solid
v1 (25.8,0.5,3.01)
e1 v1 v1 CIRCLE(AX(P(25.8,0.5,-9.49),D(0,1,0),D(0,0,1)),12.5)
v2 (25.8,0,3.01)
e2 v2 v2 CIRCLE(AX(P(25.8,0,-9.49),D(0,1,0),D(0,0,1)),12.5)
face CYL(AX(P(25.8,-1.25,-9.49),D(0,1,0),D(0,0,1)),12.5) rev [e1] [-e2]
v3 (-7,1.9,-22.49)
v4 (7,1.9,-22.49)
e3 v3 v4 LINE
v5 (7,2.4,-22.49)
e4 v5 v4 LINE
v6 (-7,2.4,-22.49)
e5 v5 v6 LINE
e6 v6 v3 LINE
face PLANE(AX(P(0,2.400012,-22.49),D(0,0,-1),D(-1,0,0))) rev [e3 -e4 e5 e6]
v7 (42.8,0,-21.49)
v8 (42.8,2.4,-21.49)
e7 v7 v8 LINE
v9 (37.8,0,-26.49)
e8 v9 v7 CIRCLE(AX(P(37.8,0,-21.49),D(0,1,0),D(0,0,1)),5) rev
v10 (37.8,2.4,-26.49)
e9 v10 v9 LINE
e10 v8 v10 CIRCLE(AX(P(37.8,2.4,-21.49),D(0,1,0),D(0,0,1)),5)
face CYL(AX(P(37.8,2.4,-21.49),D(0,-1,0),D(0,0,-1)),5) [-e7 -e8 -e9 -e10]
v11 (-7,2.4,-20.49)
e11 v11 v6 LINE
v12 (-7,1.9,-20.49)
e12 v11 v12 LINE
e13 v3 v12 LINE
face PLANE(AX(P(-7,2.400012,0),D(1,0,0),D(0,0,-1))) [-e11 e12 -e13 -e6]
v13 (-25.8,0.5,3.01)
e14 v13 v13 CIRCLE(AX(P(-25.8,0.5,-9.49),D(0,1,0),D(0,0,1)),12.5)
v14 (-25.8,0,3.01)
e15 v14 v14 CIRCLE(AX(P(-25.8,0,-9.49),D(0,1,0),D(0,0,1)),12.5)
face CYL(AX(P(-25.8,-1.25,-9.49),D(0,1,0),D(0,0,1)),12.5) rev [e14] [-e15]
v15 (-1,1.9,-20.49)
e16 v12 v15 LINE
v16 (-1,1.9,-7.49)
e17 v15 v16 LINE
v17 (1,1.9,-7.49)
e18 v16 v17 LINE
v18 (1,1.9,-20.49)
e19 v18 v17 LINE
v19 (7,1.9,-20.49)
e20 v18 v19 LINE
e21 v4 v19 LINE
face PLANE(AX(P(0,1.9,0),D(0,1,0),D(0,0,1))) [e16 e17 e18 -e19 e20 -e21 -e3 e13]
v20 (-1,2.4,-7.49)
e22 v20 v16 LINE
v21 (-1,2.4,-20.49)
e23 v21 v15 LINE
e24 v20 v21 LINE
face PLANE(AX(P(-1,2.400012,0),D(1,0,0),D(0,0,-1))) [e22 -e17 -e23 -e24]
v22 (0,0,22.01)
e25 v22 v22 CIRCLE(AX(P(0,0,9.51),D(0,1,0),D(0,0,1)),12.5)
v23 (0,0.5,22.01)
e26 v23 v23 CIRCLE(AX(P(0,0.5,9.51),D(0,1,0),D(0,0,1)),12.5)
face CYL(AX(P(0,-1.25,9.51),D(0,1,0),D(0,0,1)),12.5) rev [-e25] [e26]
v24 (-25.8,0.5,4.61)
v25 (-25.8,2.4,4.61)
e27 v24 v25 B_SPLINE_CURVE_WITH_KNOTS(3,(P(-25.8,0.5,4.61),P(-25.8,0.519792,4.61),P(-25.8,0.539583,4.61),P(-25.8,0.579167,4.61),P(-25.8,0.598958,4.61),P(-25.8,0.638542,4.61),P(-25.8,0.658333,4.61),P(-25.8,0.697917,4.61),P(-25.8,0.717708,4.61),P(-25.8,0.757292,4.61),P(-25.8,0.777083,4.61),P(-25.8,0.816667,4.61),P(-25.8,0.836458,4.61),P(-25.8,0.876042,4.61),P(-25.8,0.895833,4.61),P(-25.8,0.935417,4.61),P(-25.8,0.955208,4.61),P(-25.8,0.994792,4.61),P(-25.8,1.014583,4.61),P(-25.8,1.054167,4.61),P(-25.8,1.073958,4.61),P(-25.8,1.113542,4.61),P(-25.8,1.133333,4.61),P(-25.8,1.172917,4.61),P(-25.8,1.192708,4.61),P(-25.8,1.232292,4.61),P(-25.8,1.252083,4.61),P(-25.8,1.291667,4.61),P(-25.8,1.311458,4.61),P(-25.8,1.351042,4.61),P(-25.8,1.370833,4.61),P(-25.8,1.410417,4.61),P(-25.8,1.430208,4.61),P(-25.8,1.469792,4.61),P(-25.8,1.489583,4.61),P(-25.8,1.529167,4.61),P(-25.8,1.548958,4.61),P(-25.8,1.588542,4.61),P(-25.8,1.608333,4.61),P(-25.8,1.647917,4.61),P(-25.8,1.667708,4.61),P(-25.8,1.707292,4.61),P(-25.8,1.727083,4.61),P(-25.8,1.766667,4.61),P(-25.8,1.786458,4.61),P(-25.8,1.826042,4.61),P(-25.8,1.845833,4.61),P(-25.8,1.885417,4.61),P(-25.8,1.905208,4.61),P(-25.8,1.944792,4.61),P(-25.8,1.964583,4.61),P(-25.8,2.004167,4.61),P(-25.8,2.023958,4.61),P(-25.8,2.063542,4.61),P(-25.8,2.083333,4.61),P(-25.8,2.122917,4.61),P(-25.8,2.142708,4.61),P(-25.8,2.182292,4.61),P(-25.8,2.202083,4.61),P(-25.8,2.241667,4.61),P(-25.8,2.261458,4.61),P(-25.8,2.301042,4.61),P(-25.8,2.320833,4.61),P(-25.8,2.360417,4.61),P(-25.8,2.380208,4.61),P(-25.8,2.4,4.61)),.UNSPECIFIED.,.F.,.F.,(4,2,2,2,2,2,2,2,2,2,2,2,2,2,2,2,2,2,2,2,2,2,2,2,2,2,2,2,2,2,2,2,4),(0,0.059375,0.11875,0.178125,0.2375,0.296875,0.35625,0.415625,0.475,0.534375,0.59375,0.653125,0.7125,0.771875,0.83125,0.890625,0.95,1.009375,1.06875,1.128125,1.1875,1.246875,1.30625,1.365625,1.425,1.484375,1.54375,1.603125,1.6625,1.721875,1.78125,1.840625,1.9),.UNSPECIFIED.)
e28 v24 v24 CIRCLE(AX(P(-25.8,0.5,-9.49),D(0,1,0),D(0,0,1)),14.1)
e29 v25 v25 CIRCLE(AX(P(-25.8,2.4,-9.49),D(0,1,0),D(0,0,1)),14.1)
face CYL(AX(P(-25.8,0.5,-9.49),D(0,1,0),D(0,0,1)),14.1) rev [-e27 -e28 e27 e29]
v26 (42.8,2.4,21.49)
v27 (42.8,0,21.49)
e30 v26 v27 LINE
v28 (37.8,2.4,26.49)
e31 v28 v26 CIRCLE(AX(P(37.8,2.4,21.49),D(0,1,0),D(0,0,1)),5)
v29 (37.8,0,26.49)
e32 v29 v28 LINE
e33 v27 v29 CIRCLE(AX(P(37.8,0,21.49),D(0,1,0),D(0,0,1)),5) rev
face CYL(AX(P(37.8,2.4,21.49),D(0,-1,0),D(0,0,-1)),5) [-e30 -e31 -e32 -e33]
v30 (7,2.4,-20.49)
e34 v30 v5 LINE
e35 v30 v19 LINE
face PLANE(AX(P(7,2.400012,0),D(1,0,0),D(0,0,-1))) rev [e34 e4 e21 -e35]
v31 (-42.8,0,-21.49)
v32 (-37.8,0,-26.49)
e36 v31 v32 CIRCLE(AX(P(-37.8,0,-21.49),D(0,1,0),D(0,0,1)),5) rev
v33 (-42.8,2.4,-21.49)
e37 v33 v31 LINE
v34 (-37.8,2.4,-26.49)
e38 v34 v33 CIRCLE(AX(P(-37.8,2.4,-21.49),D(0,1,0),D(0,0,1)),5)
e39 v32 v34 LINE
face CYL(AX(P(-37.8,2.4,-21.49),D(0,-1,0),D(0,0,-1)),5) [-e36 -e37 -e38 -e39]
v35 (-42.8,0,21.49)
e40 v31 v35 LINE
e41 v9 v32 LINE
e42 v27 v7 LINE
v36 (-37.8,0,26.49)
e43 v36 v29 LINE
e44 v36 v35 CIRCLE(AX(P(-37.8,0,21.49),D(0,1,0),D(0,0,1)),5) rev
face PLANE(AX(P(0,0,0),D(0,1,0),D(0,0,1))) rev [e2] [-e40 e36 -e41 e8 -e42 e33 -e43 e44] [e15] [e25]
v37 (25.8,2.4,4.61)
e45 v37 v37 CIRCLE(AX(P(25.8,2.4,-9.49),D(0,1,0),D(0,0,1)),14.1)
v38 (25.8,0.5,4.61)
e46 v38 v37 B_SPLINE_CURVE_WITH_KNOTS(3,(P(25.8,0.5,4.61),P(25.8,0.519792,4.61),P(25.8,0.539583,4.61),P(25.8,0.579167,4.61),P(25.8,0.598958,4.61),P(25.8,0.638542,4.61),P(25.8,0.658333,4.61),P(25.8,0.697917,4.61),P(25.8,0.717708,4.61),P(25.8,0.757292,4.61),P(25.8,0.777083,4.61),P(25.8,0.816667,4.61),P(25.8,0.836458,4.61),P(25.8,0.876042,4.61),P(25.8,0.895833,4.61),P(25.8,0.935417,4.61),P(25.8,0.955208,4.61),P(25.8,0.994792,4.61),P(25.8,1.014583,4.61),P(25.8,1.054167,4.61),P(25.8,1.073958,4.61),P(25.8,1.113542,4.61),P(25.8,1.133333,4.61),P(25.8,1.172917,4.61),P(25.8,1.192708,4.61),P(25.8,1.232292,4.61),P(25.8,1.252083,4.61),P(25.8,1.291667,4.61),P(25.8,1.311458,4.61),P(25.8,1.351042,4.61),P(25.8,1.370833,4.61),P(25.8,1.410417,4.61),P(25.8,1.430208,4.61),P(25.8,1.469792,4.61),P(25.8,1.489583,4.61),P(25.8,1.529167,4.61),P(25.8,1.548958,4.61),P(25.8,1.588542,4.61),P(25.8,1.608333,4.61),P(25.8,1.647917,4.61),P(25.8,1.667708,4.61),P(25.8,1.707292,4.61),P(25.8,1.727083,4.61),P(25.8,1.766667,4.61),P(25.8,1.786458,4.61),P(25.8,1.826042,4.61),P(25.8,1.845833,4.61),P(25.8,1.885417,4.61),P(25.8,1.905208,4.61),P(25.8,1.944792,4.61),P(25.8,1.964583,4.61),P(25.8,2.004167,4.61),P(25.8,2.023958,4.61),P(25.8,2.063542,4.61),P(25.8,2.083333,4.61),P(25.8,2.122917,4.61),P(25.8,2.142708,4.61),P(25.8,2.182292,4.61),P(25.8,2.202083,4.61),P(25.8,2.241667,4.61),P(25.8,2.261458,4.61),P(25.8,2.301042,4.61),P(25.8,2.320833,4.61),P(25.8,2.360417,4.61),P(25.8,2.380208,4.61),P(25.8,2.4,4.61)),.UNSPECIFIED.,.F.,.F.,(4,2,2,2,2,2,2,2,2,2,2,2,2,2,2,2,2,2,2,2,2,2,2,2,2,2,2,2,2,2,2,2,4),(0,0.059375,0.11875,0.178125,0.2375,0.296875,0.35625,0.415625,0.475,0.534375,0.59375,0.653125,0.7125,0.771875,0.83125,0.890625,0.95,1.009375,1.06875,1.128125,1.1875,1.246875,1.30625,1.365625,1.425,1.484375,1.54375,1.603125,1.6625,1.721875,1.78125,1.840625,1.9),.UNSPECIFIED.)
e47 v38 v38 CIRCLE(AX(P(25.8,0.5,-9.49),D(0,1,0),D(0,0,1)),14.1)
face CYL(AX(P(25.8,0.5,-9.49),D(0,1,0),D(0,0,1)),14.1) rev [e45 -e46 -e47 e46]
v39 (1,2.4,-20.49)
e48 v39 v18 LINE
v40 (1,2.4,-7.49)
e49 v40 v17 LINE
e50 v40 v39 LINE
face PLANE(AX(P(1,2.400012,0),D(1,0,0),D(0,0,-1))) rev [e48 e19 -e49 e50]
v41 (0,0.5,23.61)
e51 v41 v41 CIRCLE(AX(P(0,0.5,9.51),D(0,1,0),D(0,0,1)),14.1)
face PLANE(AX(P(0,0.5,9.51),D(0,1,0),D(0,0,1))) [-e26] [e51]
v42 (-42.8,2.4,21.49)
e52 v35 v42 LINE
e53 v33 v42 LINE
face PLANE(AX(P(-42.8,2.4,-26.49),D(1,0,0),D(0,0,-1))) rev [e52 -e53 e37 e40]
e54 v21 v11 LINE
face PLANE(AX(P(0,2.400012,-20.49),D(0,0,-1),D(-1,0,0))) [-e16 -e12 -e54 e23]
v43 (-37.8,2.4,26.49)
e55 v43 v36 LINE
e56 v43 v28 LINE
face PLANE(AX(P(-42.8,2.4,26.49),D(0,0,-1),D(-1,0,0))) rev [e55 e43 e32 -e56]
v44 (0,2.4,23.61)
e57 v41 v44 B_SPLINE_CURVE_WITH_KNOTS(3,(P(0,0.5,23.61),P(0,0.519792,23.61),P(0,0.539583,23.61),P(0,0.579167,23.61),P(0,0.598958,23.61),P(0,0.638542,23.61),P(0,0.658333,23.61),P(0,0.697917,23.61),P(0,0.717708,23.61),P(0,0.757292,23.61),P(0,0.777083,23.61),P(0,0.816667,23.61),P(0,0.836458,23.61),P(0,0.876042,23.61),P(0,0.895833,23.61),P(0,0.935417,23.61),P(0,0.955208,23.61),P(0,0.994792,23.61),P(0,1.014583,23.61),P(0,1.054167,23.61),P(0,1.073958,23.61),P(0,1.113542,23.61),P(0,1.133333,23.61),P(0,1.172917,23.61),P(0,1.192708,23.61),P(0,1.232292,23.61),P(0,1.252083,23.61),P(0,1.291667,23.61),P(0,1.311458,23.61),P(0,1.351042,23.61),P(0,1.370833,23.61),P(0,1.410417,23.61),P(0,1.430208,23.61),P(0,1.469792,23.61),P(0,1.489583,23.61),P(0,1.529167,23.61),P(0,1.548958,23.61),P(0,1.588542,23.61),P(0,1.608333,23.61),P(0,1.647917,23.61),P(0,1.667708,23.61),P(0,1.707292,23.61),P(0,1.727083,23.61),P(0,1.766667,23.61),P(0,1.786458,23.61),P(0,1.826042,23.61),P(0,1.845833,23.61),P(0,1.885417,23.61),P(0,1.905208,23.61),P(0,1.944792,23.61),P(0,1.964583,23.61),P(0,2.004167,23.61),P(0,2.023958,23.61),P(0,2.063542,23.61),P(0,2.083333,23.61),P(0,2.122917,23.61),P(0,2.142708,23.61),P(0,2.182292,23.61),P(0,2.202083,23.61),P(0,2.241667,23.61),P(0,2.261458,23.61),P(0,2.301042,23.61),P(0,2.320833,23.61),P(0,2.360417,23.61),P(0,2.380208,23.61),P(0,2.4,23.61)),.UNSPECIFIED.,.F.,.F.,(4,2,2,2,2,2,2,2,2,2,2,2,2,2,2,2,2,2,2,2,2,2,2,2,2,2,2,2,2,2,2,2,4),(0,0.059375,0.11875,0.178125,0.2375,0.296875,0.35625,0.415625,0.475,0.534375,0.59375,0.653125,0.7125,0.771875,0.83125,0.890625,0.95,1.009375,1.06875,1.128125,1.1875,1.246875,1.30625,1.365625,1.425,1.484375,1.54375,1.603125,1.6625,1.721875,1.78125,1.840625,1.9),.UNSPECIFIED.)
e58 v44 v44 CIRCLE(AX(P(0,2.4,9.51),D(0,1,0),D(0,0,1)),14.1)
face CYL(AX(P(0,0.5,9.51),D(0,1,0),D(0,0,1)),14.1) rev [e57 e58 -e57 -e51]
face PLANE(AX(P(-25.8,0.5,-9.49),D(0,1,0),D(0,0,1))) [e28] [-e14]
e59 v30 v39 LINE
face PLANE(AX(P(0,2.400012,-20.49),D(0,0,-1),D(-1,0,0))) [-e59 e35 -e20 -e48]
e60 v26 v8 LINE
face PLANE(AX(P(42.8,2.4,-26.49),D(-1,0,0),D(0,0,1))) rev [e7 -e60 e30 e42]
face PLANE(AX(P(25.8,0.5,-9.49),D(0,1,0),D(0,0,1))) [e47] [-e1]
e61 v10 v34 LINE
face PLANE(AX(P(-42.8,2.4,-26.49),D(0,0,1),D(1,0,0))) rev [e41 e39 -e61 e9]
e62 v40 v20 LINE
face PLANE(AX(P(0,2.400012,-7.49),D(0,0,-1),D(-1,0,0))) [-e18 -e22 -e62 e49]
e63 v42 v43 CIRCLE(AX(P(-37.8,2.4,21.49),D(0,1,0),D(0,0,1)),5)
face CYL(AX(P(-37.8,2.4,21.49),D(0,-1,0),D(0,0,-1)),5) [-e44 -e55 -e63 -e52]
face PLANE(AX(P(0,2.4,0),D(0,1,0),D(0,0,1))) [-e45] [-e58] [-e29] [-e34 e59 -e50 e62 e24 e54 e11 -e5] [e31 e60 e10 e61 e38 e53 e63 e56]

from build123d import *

# Parameters (mm, degrees)
SKETCH1_W               = 85.6
SKETCH1_H               = 52.98
BOSS_EXTRUDE1_DEPTH     = 2.4
SKETCH2_R               = 14.1
CUT_EXTRUDE1_DEPTH      = 1.9
SKETCH3_R               = 12.5
CUT_EXTRUDE2_DEPTH      = 1.75
FILLET1_R               = 5
CUT_EXTRUDE3_DEPTH      = 51.39166697
CUT_EXTRUDE3_DEPTH_BACK = 0.5


with BuildPart() as part:
    # Sketch1 → Boss-Extrude1 (new body)
    with BuildSketch(Plane(origin=(0, 0, 0), x_dir=(1, 0, 0), z_dir=(0, 1, 0))):
        Rectangle(SKETCH1_W, SKETCH1_H)
    extrude(amount=BOSS_EXTRUDE1_DEPTH)

    # Sketch2 → Cut-Extrude1 (cut)
    with BuildSketch(Plane(origin=(0, 2.4, 0), x_dir=(1, 0, 0), z_dir=(0, 1, 0))):
        with Locations(Location((-25.8, 9.49, 0), (0, 0, 270))):
            Circle(SKETCH2_R)
        with Locations(Location((0, -9.51, 0), (0, 0, 270))):
            Circle(SKETCH2_R)
        with Locations(Location((25.8, 9.49, 0), (0, 0, 270))):
            Circle(SKETCH2_R)
    extrude(amount=-CUT_EXTRUDE1_DEPTH, mode=Mode.SUBTRACT)

    # Sketch3 → Cut-Extrude2 (cut)
    with BuildSketch(Plane(origin=(0, 0.5, 0), x_dir=(1, 0, 0), z_dir=(0, 1, 0))):
        with Locations(Location((-25.8, 9.49, 0), (0, 0, 270))):
            Circle(SKETCH3_R)
        with Locations(Location((0, -9.51, 0), (0, 0, 270))):
            Circle(SKETCH3_R)
        with Locations(Location((25.8, 9.49, 0), (0, 0, 270))):
            Circle(SKETCH3_R)
    extrude(amount=-CUT_EXTRUDE2_DEPTH, mode=Mode.SUBTRACT)

    # Fillet1
    fillet1_edges = [part.edges().sort_by_distance(p)[0] for p in [
        (42.8, 1.2, 26.49),
        (-42.8, 1.2, 26.49),
        (-42.8, 1.2, -26.49),
        (42.8, 1.2, -26.49),
    ]]
    fillet(fillet1_edges, radius=FILLET1_R)

    # Sketch4 → Cut-Extrude3 (cut, two sides: drawn at the far end of the back side and taken through both)
    with BuildSketch(Plane(origin=(0, 2.4, 0), x_dir=(1, 0, 0), z_dir=(0, 1, 0)).offset(-CUT_EXTRUDE3_DEPTH_BACK)):
        Polygon((-7, 20.49), (-1, 20.49), (-1, 7.49), (1, 7.49), (1, 20.49), (7, 20.49), (7, 22.49), (-7, 22.49), align=None)
    extrude(amount=CUT_EXTRUDE3_DEPTH + CUT_EXTRUDE3_DEPTH_BACK, mode=Mode.SUBTRACT)


solid = part.part
